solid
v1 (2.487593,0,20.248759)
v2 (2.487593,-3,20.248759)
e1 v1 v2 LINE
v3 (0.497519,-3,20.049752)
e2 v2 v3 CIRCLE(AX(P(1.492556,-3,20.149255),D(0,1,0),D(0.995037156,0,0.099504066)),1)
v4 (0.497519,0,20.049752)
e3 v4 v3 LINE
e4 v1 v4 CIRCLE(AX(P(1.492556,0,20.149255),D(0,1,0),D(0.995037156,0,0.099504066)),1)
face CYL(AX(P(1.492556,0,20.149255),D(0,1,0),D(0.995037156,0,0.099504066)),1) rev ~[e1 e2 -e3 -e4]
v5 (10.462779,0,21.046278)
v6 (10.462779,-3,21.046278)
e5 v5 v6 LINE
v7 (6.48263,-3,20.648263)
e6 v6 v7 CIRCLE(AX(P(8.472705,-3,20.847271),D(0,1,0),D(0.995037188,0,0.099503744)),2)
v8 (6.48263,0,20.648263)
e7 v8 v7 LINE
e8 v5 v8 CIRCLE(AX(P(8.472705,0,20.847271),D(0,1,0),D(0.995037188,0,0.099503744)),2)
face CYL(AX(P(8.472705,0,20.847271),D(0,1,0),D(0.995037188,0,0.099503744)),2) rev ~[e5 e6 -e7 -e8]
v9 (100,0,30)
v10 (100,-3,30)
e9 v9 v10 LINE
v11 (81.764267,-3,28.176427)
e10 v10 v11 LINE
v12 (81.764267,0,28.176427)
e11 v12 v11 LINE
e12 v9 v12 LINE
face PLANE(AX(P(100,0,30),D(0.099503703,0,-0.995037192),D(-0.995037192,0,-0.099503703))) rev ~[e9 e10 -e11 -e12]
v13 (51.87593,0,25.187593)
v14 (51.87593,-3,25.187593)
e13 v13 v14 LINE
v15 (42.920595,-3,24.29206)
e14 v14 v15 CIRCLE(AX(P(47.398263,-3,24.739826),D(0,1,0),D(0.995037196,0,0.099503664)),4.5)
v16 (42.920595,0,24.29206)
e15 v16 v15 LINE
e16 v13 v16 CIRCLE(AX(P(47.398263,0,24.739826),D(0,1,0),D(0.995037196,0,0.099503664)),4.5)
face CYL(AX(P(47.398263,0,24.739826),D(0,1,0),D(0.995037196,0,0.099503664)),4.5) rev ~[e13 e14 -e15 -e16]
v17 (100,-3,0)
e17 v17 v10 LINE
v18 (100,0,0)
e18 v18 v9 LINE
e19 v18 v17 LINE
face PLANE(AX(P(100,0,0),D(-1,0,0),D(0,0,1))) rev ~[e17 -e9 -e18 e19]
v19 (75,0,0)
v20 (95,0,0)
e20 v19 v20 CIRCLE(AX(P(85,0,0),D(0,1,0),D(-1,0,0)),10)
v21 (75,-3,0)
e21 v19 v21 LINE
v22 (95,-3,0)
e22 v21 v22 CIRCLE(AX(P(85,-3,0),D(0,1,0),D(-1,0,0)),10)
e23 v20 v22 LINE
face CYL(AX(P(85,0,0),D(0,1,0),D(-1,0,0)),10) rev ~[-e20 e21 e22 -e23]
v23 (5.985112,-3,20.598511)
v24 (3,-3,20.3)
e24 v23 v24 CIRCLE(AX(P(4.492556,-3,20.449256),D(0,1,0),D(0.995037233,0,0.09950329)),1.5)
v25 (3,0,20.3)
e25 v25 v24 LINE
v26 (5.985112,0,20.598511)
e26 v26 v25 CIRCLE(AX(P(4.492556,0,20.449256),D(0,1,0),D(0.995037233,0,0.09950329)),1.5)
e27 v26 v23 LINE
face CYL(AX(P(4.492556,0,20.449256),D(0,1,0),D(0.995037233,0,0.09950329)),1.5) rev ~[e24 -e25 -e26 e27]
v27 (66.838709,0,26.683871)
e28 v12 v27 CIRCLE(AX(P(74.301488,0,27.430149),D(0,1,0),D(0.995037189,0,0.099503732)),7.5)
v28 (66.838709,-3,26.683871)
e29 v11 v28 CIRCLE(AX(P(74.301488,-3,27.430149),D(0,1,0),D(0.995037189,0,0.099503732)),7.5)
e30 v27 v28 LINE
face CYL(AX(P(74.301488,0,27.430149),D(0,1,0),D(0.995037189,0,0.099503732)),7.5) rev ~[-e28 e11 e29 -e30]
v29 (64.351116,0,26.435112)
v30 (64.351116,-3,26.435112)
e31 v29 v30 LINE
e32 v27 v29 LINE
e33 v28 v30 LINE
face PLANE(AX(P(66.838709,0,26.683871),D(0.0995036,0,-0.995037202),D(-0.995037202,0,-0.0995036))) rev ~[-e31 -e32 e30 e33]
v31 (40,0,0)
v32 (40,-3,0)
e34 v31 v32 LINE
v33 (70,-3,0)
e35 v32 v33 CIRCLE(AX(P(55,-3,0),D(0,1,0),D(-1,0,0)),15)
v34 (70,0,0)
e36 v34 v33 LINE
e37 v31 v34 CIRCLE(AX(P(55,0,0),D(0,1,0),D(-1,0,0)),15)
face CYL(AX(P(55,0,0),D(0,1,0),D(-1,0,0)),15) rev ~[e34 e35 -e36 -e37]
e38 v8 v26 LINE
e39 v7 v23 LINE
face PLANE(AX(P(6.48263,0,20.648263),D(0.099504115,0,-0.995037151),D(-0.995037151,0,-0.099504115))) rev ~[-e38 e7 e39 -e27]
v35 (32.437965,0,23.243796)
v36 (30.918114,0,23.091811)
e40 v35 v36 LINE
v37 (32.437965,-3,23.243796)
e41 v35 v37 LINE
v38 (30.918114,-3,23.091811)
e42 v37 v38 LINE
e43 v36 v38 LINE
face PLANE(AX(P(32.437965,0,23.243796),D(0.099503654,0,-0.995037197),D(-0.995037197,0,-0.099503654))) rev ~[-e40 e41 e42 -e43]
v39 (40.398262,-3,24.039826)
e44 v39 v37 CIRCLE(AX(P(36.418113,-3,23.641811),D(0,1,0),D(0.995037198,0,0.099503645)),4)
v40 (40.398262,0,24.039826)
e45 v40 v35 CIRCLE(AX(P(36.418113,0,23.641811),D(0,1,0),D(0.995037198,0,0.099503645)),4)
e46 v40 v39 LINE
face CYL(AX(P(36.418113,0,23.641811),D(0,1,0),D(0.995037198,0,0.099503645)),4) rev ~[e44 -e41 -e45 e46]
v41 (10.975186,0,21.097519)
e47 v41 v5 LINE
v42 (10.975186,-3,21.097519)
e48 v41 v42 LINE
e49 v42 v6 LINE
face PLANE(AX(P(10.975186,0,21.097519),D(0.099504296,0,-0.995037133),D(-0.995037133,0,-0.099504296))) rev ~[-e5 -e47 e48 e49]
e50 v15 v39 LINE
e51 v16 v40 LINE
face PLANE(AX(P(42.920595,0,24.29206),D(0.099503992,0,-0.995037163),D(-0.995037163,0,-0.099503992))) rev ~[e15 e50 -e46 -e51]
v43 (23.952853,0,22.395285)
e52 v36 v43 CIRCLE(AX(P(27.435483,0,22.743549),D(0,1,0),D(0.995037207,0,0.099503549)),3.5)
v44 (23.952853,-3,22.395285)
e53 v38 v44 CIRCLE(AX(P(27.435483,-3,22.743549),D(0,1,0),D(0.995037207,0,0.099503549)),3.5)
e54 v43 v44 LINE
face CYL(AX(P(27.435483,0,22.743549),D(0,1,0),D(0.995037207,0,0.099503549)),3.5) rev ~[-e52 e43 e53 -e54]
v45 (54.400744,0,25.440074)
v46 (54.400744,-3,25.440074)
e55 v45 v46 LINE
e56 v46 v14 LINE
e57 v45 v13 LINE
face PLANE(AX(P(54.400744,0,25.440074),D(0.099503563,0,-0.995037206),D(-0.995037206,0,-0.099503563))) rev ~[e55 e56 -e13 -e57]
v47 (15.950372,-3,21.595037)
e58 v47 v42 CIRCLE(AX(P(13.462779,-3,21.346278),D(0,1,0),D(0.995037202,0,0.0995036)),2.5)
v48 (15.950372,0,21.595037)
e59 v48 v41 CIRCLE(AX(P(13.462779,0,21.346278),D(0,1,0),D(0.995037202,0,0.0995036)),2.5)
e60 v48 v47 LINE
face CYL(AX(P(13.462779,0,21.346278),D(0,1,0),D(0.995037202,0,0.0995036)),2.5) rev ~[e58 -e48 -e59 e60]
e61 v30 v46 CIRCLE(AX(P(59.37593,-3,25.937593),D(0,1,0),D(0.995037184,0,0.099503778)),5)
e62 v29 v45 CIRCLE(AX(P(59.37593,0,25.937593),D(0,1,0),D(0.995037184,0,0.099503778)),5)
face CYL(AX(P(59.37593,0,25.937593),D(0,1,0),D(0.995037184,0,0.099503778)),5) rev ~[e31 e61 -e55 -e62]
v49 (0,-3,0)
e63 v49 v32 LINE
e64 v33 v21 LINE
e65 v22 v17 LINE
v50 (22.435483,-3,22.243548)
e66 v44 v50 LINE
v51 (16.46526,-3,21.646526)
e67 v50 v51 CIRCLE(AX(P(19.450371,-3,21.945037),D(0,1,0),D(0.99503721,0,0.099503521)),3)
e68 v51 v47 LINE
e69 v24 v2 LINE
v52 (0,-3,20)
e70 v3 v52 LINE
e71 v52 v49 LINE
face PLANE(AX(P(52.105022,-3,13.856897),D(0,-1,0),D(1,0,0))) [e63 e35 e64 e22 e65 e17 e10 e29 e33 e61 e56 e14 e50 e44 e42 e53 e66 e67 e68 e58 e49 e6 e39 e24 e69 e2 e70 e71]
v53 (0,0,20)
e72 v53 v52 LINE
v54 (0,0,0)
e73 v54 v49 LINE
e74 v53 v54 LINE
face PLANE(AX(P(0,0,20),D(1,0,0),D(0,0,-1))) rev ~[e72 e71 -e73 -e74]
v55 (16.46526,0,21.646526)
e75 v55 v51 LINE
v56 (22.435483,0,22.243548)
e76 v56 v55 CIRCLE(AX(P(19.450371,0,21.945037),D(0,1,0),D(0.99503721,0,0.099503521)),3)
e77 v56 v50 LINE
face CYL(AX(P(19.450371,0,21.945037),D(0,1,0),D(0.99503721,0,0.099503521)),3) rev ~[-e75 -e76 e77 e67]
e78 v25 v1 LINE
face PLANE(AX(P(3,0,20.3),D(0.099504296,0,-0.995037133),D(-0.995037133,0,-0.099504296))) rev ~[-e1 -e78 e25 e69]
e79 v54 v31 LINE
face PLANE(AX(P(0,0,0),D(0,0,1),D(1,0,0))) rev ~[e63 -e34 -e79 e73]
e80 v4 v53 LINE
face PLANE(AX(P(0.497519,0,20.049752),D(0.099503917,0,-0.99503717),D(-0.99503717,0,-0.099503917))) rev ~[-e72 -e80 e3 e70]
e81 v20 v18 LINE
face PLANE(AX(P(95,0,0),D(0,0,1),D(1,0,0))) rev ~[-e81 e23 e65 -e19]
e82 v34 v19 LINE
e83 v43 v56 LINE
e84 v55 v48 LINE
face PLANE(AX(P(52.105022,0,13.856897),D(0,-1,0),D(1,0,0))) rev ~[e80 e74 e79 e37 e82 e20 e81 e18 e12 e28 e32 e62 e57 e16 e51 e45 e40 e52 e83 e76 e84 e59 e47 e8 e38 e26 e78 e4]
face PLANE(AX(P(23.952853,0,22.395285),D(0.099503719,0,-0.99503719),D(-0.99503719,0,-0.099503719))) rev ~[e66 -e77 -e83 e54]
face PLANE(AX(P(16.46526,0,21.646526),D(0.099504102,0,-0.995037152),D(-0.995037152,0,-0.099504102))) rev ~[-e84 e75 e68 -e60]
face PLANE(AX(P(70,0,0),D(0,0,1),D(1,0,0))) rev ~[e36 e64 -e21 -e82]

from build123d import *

# Parameters (mm, degrees)
F1_DEPTH = 3


with BuildPart() as f1:
    # F0 (on Front) → F1 (new body)
    with BuildSketch(Plane.XZ):
        with BuildLine():
            Line((0, 20), (0, 0))
            Line((0, 0), (40, 0))
            ThreePointArc((40, 0), (55, 15), (70, 0))
            Line((70, 0), (75, 0))
            ThreePointArc((75, 0), (85, 10), (95, 0))
            Line((95, 0), (100, 0))
            Line((100, 0), (100, 30))
            Line((100, 30), (81.764267, 28.176427))
            ThreePointArc((81.764267, 28.176427), (75.047766, 19.96737), (66.838709, 26.683871))
            Line((66.838709, 26.683871), (64.351116, 26.435112))
            ThreePointArc((64.351116, 26.435112), (59.873448, 20.962407), (54.400744, 25.440074))
            Line((54.400744, 25.440074), (51.87593, 25.187593))
            ThreePointArc((51.87593, 25.187593), (47.846029, 20.262159), (42.920595, 24.29206))
            Line((42.920595, 24.29206), (40.398262, 24.039826))
            ThreePointArc((40.398262, 24.039826), (36.816129, 19.661663), (32.437965, 23.243796))
            Line((32.437965, 23.243796), (30.918114, 23.091811))
            ThreePointArc((30.918114, 23.091811), (27.783746, 19.260918), (23.952853, 22.395285))
            Line((23.952853, 22.395285), (22.435483, 22.243548))
            ThreePointArc((22.435483, 22.243548), (19.748883, 18.959926), (16.46526, 21.646526))
            Line((16.46526, 21.646526), (15.950372, 21.595037))
            ThreePointArc((15.950372, 21.595037), (13.711538, 18.858685), (10.975186, 21.097519))
            Line((10.975186, 21.097519), (10.462779, 21.046278))
            ThreePointArc((10.462779, 21.046278), (8.671712, 18.857196), (6.48263, 20.648263))
            Line((6.48263, 20.648263), (5.985112, 20.598511))
            ThreePointArc((5.985112, 20.598511), (4.641811, 18.9567), (3, 20.3))
            Line((3, 20.3), (2.487593, 20.248759))
            ThreePointArc((2.487593, 20.248759), (1.59206, 19.154218), (0.497519, 20.049752))
            Line((0.497519, 20.049752), (0, 20))
        make_face()
    extrude(amount=F1_DEPTH)


solid = f1.part
